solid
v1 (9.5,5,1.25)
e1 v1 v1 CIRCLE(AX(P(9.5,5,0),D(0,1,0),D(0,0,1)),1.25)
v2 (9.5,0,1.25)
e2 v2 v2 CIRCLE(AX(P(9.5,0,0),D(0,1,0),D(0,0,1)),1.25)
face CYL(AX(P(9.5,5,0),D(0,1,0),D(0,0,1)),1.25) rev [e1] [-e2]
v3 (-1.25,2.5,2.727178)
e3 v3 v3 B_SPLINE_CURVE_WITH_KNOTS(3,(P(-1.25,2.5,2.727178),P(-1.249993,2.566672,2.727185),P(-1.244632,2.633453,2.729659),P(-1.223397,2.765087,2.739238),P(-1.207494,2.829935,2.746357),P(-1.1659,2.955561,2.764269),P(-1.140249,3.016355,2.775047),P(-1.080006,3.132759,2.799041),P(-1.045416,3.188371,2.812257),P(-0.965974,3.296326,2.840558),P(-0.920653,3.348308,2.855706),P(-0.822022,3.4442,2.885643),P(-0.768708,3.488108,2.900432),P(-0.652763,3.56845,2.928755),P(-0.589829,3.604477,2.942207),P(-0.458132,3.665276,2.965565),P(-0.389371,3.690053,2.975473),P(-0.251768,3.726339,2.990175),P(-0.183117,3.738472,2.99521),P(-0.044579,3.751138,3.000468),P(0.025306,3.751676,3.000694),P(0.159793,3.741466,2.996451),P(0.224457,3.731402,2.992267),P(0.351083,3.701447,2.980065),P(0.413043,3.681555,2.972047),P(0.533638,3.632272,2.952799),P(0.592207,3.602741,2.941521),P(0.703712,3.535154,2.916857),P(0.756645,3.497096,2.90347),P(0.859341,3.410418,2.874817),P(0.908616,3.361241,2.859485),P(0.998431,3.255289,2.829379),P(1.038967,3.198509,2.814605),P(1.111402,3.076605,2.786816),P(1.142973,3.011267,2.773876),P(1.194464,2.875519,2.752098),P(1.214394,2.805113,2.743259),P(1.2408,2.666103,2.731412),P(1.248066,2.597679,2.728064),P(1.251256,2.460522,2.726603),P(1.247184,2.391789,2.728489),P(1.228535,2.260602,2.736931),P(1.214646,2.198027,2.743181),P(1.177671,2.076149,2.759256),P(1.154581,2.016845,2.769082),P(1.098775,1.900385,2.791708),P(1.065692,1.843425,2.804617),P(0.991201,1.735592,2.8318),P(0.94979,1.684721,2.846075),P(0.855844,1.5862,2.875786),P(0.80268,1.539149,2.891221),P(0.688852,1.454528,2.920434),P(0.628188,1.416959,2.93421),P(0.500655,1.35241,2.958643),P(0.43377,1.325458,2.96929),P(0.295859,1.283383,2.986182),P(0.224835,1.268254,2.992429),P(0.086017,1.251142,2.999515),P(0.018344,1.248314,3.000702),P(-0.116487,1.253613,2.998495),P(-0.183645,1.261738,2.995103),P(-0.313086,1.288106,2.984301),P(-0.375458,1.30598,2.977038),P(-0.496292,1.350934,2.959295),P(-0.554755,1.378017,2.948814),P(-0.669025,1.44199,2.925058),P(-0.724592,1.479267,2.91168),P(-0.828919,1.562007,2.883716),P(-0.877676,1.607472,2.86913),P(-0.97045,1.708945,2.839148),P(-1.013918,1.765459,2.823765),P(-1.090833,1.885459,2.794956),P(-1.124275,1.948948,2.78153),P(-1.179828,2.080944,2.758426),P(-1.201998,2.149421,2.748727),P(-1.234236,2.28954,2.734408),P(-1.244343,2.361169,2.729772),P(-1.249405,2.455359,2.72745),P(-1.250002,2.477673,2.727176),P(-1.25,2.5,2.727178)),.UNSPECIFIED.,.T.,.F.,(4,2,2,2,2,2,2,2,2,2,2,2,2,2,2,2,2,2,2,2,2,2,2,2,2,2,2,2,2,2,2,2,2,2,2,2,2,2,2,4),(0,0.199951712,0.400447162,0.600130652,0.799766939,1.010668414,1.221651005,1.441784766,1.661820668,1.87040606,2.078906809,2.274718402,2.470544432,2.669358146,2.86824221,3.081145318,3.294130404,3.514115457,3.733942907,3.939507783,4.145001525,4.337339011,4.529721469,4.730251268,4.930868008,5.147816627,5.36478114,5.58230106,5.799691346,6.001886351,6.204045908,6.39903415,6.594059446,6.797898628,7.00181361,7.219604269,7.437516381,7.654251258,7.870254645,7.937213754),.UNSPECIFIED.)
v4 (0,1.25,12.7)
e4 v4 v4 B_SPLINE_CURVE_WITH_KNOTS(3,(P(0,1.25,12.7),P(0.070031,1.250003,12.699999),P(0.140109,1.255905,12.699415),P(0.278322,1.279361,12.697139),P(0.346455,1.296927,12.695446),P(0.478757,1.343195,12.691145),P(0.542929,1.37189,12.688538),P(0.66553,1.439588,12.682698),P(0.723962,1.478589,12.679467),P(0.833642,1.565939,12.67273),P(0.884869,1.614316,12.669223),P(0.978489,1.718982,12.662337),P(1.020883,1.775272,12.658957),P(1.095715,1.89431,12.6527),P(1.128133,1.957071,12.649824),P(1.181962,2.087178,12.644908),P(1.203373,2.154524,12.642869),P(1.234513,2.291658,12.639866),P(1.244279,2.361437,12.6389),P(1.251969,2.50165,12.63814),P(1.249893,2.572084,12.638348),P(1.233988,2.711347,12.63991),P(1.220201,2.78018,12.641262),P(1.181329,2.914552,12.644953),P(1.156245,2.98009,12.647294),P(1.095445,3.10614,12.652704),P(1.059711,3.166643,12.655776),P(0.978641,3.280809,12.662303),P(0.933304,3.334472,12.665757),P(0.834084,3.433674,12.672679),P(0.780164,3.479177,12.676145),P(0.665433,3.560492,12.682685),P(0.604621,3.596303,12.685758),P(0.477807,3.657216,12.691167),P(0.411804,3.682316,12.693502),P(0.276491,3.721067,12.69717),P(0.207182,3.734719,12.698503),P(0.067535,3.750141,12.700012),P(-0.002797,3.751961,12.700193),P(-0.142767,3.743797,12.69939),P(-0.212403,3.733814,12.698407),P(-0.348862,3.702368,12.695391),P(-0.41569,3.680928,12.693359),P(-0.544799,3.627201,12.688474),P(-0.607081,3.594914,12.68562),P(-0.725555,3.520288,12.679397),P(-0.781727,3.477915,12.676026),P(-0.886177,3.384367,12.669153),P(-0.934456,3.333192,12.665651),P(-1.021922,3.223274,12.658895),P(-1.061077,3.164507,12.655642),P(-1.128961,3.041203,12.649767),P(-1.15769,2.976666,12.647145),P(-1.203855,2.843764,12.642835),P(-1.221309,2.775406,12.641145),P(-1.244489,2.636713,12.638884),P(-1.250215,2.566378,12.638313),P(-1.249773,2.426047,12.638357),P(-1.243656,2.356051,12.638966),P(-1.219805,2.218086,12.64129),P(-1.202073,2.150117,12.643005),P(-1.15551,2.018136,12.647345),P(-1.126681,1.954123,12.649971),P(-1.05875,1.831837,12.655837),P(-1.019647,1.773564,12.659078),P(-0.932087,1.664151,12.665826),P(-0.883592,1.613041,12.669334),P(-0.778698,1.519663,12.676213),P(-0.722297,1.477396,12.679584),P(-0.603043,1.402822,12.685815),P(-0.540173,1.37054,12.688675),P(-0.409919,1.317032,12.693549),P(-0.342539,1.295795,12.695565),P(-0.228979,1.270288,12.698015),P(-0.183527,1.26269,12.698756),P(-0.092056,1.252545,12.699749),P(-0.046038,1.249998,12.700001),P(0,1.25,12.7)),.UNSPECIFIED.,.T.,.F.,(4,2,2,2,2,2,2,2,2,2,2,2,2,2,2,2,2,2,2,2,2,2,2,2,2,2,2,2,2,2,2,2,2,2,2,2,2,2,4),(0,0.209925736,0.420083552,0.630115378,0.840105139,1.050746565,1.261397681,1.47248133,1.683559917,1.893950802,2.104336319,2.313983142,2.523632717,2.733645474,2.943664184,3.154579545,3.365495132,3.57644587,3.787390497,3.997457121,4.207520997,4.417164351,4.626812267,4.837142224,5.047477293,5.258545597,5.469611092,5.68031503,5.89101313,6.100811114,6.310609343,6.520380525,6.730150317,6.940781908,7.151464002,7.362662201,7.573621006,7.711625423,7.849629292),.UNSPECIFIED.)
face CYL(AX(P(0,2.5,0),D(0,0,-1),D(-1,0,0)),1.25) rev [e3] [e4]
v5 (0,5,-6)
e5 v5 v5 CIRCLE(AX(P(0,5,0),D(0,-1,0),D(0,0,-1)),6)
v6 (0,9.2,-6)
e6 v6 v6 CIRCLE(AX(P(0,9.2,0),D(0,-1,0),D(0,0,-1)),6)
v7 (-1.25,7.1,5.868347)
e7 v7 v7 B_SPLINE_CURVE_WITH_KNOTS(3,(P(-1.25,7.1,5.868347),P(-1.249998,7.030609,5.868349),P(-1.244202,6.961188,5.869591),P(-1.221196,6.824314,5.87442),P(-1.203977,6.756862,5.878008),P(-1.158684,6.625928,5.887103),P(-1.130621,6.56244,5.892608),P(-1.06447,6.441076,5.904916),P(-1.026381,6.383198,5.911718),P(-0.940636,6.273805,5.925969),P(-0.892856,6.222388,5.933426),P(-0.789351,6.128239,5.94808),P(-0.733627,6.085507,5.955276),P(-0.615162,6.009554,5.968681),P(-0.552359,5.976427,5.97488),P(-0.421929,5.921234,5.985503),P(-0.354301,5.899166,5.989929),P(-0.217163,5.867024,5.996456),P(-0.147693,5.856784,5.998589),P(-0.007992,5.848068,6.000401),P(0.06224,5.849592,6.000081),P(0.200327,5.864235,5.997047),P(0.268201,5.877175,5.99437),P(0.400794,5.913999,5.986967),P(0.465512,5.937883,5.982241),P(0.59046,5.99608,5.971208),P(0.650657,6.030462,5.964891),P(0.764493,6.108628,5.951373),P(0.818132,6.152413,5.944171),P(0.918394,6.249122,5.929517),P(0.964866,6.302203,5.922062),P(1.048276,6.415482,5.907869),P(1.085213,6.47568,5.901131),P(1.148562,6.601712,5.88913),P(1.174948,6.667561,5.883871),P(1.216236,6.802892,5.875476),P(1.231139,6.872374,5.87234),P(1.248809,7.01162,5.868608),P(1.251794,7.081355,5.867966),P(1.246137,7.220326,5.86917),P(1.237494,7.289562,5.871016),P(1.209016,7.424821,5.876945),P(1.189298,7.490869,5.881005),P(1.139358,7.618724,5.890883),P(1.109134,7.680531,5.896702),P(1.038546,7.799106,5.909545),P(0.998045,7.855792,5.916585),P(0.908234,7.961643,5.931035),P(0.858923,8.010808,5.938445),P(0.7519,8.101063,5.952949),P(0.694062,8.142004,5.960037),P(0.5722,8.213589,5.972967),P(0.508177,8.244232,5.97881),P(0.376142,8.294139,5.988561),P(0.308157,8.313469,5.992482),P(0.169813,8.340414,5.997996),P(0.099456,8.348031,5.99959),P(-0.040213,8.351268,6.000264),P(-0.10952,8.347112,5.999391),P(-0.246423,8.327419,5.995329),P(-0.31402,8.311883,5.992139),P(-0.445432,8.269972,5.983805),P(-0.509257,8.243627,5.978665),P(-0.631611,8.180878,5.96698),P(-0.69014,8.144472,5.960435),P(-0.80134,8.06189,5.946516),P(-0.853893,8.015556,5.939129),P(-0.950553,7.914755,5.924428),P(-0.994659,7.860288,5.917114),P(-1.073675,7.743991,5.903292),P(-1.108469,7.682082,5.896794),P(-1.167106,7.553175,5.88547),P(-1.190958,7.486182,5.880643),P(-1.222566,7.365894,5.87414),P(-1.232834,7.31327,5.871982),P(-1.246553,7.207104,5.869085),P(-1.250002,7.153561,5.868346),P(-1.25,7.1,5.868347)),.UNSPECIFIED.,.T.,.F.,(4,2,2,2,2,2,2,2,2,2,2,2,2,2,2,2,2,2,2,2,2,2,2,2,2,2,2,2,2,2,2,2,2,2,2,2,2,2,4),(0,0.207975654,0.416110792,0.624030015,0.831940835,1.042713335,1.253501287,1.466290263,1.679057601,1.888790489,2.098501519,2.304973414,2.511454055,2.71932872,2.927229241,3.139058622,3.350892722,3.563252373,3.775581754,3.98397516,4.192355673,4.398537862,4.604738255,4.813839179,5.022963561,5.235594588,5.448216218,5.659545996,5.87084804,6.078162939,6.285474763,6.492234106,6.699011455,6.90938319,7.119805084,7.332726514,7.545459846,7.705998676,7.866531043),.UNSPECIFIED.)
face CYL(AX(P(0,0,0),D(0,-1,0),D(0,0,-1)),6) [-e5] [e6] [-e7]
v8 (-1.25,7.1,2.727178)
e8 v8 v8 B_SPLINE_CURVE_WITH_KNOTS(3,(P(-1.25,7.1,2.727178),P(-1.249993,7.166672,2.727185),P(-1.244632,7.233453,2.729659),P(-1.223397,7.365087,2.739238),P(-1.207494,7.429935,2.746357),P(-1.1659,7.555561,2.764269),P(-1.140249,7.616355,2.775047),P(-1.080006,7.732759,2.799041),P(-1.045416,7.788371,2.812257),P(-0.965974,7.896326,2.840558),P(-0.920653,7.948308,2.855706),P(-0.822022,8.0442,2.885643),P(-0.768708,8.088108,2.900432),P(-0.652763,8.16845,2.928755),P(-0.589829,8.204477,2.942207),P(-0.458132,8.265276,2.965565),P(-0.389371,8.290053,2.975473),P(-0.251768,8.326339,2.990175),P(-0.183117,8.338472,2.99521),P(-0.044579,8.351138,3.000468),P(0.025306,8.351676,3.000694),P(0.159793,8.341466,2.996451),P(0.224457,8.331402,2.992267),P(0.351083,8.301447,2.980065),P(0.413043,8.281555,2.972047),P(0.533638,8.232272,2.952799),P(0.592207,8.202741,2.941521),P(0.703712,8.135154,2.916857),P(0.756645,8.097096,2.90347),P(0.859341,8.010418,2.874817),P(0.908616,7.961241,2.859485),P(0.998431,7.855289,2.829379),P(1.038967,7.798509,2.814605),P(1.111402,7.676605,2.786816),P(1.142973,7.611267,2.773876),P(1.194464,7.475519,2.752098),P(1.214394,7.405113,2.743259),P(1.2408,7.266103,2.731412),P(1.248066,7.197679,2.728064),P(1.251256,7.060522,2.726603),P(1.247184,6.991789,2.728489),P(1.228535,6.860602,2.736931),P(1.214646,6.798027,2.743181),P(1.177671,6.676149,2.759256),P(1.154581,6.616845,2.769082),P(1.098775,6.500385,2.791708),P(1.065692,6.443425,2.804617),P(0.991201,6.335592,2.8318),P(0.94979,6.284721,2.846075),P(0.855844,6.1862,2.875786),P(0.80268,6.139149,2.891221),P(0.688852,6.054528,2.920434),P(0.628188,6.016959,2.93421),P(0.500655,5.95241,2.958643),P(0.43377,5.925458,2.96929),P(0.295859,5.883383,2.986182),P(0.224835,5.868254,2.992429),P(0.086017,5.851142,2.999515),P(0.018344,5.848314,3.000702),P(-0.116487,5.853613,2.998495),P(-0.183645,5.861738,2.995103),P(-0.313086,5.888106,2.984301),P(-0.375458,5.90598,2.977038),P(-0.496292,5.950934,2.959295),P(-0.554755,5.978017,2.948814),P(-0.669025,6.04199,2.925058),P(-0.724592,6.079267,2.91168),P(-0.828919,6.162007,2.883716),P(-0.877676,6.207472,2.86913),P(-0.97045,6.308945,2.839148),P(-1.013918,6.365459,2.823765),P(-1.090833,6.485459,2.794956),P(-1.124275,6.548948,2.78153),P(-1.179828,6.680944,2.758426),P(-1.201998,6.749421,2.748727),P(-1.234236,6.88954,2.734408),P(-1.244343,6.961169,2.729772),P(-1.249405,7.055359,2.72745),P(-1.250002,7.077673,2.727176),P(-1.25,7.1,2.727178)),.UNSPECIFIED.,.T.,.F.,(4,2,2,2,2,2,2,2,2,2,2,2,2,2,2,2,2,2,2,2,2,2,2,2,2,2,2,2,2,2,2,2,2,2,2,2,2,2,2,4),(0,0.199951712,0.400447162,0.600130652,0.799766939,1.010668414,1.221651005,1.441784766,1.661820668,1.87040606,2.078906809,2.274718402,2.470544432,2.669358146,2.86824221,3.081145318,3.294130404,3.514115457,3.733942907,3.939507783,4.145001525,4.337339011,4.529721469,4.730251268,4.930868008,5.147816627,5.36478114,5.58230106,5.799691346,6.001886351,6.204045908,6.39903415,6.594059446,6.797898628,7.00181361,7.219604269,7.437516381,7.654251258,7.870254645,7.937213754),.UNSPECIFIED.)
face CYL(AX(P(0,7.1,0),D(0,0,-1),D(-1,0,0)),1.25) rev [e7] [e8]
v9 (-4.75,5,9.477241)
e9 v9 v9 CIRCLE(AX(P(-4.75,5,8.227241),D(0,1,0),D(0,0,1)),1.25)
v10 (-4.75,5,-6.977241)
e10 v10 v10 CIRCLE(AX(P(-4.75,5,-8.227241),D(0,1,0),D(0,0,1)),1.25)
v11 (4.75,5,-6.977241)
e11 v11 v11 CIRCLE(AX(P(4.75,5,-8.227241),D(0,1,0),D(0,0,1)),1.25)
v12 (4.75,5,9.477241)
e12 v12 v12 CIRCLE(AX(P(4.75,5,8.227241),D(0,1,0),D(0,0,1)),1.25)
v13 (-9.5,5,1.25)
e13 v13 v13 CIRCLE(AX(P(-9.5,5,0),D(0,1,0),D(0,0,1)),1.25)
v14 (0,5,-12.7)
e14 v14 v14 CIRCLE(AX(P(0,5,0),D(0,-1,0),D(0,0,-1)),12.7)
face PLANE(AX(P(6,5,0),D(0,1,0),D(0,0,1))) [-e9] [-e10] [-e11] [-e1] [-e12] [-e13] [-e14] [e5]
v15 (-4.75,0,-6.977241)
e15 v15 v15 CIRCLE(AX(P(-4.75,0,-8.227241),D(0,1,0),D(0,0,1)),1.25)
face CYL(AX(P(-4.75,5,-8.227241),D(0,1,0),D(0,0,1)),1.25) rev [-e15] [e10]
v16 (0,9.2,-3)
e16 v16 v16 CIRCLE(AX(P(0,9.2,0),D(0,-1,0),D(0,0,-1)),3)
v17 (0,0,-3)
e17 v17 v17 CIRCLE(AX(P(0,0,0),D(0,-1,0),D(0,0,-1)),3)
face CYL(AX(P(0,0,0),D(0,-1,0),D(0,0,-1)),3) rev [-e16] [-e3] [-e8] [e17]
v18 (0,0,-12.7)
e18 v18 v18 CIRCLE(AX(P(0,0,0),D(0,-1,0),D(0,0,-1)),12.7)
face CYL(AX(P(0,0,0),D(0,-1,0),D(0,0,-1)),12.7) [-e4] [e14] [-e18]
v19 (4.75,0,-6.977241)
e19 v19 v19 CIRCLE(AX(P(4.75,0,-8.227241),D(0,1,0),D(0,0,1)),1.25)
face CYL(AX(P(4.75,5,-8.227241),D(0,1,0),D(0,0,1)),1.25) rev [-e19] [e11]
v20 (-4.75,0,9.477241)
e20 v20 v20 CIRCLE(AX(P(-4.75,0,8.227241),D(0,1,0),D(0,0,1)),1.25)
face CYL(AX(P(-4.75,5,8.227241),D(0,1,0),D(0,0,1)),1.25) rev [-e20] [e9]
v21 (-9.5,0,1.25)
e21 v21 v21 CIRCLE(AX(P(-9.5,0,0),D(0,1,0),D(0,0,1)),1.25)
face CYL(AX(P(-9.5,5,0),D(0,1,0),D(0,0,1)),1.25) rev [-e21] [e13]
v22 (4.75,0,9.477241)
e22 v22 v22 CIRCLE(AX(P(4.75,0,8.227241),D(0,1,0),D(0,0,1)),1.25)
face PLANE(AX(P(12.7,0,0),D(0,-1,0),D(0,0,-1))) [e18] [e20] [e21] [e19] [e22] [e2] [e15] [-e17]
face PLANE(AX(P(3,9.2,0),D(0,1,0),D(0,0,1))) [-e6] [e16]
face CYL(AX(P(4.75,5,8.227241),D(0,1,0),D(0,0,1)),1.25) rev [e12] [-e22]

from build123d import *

# Parameters (mm, degrees)
TAP_DRILL_FOR_M3_TAP1_D          = 2.5
SKETCH6_W                        = 1.25
SKETCH6_H                        = 12.7
TAP_DRILL_FOR_M3_TAP2_AT_2_COUNT = 2
TAP_DRILL_FOR_M3_TAP2_AT_2_PITCH = 4.6


with BuildPart() as part:
    # Sketch1 → Revolve1 (revolve)
    with BuildSketch(Plane.XY, mode=Mode.PRIVATE) as revolve1_sk:
        Polygon((3, 0), (3, 9.2), (6, 9.2), (6, 5), (12.7, 5), (12.7, 0), align=None)
    revolve(revolve1_sk.sketch.rotate(Axis((0, 0, 0), (0, 1, 0)), 90), axis=Axis((0, 0, 0), (0, 1, 0)))

    # Tap Drill for M3 Tap1 (through all)
    with Locations(Plane(origin=(0, 5, 0), x_dir=(1, 0, 0), z_dir=(0, 1, 0))):
        with Locations((-9.5, 0), (-4.75, 8.227241336), (4.75, 8.227241336), (9.5, 0), (4.75, -8.227241336), (-4.75, -8.227241336)):
            Hole(TAP_DRILL_FOR_M3_TAP1_D / 2)

    # Sketch6 → Tap Drill for M3 Tap2 (revolve, cut)
    with BuildSketch(Plane(origin=(0, 2.5, 0), x_dir=(0, 1, 0), z_dir=(1, 0, 0))):
        with Locations((0.625, 6.35)):
            Rectangle(SKETCH6_W, SKETCH6_H)
    tap_drill_for_m3_tap2 = revolve(axis=Axis((0, 2.5, -6.35), (0, 0, 1)), mode=Mode.SUBTRACT)

    # Tap Drill for M3 Tap2 at 2: Tap Drill for M3 Tap2 ×2
    with Locations(*[(0, i * TAP_DRILL_FOR_M3_TAP2_AT_2_PITCH, 0) for i in range(1, TAP_DRILL_FOR_M3_TAP2_AT_2_COUNT)]):
        add(tap_drill_for_m3_tap2, mode=Mode.SUBTRACT)


solid = part.part
